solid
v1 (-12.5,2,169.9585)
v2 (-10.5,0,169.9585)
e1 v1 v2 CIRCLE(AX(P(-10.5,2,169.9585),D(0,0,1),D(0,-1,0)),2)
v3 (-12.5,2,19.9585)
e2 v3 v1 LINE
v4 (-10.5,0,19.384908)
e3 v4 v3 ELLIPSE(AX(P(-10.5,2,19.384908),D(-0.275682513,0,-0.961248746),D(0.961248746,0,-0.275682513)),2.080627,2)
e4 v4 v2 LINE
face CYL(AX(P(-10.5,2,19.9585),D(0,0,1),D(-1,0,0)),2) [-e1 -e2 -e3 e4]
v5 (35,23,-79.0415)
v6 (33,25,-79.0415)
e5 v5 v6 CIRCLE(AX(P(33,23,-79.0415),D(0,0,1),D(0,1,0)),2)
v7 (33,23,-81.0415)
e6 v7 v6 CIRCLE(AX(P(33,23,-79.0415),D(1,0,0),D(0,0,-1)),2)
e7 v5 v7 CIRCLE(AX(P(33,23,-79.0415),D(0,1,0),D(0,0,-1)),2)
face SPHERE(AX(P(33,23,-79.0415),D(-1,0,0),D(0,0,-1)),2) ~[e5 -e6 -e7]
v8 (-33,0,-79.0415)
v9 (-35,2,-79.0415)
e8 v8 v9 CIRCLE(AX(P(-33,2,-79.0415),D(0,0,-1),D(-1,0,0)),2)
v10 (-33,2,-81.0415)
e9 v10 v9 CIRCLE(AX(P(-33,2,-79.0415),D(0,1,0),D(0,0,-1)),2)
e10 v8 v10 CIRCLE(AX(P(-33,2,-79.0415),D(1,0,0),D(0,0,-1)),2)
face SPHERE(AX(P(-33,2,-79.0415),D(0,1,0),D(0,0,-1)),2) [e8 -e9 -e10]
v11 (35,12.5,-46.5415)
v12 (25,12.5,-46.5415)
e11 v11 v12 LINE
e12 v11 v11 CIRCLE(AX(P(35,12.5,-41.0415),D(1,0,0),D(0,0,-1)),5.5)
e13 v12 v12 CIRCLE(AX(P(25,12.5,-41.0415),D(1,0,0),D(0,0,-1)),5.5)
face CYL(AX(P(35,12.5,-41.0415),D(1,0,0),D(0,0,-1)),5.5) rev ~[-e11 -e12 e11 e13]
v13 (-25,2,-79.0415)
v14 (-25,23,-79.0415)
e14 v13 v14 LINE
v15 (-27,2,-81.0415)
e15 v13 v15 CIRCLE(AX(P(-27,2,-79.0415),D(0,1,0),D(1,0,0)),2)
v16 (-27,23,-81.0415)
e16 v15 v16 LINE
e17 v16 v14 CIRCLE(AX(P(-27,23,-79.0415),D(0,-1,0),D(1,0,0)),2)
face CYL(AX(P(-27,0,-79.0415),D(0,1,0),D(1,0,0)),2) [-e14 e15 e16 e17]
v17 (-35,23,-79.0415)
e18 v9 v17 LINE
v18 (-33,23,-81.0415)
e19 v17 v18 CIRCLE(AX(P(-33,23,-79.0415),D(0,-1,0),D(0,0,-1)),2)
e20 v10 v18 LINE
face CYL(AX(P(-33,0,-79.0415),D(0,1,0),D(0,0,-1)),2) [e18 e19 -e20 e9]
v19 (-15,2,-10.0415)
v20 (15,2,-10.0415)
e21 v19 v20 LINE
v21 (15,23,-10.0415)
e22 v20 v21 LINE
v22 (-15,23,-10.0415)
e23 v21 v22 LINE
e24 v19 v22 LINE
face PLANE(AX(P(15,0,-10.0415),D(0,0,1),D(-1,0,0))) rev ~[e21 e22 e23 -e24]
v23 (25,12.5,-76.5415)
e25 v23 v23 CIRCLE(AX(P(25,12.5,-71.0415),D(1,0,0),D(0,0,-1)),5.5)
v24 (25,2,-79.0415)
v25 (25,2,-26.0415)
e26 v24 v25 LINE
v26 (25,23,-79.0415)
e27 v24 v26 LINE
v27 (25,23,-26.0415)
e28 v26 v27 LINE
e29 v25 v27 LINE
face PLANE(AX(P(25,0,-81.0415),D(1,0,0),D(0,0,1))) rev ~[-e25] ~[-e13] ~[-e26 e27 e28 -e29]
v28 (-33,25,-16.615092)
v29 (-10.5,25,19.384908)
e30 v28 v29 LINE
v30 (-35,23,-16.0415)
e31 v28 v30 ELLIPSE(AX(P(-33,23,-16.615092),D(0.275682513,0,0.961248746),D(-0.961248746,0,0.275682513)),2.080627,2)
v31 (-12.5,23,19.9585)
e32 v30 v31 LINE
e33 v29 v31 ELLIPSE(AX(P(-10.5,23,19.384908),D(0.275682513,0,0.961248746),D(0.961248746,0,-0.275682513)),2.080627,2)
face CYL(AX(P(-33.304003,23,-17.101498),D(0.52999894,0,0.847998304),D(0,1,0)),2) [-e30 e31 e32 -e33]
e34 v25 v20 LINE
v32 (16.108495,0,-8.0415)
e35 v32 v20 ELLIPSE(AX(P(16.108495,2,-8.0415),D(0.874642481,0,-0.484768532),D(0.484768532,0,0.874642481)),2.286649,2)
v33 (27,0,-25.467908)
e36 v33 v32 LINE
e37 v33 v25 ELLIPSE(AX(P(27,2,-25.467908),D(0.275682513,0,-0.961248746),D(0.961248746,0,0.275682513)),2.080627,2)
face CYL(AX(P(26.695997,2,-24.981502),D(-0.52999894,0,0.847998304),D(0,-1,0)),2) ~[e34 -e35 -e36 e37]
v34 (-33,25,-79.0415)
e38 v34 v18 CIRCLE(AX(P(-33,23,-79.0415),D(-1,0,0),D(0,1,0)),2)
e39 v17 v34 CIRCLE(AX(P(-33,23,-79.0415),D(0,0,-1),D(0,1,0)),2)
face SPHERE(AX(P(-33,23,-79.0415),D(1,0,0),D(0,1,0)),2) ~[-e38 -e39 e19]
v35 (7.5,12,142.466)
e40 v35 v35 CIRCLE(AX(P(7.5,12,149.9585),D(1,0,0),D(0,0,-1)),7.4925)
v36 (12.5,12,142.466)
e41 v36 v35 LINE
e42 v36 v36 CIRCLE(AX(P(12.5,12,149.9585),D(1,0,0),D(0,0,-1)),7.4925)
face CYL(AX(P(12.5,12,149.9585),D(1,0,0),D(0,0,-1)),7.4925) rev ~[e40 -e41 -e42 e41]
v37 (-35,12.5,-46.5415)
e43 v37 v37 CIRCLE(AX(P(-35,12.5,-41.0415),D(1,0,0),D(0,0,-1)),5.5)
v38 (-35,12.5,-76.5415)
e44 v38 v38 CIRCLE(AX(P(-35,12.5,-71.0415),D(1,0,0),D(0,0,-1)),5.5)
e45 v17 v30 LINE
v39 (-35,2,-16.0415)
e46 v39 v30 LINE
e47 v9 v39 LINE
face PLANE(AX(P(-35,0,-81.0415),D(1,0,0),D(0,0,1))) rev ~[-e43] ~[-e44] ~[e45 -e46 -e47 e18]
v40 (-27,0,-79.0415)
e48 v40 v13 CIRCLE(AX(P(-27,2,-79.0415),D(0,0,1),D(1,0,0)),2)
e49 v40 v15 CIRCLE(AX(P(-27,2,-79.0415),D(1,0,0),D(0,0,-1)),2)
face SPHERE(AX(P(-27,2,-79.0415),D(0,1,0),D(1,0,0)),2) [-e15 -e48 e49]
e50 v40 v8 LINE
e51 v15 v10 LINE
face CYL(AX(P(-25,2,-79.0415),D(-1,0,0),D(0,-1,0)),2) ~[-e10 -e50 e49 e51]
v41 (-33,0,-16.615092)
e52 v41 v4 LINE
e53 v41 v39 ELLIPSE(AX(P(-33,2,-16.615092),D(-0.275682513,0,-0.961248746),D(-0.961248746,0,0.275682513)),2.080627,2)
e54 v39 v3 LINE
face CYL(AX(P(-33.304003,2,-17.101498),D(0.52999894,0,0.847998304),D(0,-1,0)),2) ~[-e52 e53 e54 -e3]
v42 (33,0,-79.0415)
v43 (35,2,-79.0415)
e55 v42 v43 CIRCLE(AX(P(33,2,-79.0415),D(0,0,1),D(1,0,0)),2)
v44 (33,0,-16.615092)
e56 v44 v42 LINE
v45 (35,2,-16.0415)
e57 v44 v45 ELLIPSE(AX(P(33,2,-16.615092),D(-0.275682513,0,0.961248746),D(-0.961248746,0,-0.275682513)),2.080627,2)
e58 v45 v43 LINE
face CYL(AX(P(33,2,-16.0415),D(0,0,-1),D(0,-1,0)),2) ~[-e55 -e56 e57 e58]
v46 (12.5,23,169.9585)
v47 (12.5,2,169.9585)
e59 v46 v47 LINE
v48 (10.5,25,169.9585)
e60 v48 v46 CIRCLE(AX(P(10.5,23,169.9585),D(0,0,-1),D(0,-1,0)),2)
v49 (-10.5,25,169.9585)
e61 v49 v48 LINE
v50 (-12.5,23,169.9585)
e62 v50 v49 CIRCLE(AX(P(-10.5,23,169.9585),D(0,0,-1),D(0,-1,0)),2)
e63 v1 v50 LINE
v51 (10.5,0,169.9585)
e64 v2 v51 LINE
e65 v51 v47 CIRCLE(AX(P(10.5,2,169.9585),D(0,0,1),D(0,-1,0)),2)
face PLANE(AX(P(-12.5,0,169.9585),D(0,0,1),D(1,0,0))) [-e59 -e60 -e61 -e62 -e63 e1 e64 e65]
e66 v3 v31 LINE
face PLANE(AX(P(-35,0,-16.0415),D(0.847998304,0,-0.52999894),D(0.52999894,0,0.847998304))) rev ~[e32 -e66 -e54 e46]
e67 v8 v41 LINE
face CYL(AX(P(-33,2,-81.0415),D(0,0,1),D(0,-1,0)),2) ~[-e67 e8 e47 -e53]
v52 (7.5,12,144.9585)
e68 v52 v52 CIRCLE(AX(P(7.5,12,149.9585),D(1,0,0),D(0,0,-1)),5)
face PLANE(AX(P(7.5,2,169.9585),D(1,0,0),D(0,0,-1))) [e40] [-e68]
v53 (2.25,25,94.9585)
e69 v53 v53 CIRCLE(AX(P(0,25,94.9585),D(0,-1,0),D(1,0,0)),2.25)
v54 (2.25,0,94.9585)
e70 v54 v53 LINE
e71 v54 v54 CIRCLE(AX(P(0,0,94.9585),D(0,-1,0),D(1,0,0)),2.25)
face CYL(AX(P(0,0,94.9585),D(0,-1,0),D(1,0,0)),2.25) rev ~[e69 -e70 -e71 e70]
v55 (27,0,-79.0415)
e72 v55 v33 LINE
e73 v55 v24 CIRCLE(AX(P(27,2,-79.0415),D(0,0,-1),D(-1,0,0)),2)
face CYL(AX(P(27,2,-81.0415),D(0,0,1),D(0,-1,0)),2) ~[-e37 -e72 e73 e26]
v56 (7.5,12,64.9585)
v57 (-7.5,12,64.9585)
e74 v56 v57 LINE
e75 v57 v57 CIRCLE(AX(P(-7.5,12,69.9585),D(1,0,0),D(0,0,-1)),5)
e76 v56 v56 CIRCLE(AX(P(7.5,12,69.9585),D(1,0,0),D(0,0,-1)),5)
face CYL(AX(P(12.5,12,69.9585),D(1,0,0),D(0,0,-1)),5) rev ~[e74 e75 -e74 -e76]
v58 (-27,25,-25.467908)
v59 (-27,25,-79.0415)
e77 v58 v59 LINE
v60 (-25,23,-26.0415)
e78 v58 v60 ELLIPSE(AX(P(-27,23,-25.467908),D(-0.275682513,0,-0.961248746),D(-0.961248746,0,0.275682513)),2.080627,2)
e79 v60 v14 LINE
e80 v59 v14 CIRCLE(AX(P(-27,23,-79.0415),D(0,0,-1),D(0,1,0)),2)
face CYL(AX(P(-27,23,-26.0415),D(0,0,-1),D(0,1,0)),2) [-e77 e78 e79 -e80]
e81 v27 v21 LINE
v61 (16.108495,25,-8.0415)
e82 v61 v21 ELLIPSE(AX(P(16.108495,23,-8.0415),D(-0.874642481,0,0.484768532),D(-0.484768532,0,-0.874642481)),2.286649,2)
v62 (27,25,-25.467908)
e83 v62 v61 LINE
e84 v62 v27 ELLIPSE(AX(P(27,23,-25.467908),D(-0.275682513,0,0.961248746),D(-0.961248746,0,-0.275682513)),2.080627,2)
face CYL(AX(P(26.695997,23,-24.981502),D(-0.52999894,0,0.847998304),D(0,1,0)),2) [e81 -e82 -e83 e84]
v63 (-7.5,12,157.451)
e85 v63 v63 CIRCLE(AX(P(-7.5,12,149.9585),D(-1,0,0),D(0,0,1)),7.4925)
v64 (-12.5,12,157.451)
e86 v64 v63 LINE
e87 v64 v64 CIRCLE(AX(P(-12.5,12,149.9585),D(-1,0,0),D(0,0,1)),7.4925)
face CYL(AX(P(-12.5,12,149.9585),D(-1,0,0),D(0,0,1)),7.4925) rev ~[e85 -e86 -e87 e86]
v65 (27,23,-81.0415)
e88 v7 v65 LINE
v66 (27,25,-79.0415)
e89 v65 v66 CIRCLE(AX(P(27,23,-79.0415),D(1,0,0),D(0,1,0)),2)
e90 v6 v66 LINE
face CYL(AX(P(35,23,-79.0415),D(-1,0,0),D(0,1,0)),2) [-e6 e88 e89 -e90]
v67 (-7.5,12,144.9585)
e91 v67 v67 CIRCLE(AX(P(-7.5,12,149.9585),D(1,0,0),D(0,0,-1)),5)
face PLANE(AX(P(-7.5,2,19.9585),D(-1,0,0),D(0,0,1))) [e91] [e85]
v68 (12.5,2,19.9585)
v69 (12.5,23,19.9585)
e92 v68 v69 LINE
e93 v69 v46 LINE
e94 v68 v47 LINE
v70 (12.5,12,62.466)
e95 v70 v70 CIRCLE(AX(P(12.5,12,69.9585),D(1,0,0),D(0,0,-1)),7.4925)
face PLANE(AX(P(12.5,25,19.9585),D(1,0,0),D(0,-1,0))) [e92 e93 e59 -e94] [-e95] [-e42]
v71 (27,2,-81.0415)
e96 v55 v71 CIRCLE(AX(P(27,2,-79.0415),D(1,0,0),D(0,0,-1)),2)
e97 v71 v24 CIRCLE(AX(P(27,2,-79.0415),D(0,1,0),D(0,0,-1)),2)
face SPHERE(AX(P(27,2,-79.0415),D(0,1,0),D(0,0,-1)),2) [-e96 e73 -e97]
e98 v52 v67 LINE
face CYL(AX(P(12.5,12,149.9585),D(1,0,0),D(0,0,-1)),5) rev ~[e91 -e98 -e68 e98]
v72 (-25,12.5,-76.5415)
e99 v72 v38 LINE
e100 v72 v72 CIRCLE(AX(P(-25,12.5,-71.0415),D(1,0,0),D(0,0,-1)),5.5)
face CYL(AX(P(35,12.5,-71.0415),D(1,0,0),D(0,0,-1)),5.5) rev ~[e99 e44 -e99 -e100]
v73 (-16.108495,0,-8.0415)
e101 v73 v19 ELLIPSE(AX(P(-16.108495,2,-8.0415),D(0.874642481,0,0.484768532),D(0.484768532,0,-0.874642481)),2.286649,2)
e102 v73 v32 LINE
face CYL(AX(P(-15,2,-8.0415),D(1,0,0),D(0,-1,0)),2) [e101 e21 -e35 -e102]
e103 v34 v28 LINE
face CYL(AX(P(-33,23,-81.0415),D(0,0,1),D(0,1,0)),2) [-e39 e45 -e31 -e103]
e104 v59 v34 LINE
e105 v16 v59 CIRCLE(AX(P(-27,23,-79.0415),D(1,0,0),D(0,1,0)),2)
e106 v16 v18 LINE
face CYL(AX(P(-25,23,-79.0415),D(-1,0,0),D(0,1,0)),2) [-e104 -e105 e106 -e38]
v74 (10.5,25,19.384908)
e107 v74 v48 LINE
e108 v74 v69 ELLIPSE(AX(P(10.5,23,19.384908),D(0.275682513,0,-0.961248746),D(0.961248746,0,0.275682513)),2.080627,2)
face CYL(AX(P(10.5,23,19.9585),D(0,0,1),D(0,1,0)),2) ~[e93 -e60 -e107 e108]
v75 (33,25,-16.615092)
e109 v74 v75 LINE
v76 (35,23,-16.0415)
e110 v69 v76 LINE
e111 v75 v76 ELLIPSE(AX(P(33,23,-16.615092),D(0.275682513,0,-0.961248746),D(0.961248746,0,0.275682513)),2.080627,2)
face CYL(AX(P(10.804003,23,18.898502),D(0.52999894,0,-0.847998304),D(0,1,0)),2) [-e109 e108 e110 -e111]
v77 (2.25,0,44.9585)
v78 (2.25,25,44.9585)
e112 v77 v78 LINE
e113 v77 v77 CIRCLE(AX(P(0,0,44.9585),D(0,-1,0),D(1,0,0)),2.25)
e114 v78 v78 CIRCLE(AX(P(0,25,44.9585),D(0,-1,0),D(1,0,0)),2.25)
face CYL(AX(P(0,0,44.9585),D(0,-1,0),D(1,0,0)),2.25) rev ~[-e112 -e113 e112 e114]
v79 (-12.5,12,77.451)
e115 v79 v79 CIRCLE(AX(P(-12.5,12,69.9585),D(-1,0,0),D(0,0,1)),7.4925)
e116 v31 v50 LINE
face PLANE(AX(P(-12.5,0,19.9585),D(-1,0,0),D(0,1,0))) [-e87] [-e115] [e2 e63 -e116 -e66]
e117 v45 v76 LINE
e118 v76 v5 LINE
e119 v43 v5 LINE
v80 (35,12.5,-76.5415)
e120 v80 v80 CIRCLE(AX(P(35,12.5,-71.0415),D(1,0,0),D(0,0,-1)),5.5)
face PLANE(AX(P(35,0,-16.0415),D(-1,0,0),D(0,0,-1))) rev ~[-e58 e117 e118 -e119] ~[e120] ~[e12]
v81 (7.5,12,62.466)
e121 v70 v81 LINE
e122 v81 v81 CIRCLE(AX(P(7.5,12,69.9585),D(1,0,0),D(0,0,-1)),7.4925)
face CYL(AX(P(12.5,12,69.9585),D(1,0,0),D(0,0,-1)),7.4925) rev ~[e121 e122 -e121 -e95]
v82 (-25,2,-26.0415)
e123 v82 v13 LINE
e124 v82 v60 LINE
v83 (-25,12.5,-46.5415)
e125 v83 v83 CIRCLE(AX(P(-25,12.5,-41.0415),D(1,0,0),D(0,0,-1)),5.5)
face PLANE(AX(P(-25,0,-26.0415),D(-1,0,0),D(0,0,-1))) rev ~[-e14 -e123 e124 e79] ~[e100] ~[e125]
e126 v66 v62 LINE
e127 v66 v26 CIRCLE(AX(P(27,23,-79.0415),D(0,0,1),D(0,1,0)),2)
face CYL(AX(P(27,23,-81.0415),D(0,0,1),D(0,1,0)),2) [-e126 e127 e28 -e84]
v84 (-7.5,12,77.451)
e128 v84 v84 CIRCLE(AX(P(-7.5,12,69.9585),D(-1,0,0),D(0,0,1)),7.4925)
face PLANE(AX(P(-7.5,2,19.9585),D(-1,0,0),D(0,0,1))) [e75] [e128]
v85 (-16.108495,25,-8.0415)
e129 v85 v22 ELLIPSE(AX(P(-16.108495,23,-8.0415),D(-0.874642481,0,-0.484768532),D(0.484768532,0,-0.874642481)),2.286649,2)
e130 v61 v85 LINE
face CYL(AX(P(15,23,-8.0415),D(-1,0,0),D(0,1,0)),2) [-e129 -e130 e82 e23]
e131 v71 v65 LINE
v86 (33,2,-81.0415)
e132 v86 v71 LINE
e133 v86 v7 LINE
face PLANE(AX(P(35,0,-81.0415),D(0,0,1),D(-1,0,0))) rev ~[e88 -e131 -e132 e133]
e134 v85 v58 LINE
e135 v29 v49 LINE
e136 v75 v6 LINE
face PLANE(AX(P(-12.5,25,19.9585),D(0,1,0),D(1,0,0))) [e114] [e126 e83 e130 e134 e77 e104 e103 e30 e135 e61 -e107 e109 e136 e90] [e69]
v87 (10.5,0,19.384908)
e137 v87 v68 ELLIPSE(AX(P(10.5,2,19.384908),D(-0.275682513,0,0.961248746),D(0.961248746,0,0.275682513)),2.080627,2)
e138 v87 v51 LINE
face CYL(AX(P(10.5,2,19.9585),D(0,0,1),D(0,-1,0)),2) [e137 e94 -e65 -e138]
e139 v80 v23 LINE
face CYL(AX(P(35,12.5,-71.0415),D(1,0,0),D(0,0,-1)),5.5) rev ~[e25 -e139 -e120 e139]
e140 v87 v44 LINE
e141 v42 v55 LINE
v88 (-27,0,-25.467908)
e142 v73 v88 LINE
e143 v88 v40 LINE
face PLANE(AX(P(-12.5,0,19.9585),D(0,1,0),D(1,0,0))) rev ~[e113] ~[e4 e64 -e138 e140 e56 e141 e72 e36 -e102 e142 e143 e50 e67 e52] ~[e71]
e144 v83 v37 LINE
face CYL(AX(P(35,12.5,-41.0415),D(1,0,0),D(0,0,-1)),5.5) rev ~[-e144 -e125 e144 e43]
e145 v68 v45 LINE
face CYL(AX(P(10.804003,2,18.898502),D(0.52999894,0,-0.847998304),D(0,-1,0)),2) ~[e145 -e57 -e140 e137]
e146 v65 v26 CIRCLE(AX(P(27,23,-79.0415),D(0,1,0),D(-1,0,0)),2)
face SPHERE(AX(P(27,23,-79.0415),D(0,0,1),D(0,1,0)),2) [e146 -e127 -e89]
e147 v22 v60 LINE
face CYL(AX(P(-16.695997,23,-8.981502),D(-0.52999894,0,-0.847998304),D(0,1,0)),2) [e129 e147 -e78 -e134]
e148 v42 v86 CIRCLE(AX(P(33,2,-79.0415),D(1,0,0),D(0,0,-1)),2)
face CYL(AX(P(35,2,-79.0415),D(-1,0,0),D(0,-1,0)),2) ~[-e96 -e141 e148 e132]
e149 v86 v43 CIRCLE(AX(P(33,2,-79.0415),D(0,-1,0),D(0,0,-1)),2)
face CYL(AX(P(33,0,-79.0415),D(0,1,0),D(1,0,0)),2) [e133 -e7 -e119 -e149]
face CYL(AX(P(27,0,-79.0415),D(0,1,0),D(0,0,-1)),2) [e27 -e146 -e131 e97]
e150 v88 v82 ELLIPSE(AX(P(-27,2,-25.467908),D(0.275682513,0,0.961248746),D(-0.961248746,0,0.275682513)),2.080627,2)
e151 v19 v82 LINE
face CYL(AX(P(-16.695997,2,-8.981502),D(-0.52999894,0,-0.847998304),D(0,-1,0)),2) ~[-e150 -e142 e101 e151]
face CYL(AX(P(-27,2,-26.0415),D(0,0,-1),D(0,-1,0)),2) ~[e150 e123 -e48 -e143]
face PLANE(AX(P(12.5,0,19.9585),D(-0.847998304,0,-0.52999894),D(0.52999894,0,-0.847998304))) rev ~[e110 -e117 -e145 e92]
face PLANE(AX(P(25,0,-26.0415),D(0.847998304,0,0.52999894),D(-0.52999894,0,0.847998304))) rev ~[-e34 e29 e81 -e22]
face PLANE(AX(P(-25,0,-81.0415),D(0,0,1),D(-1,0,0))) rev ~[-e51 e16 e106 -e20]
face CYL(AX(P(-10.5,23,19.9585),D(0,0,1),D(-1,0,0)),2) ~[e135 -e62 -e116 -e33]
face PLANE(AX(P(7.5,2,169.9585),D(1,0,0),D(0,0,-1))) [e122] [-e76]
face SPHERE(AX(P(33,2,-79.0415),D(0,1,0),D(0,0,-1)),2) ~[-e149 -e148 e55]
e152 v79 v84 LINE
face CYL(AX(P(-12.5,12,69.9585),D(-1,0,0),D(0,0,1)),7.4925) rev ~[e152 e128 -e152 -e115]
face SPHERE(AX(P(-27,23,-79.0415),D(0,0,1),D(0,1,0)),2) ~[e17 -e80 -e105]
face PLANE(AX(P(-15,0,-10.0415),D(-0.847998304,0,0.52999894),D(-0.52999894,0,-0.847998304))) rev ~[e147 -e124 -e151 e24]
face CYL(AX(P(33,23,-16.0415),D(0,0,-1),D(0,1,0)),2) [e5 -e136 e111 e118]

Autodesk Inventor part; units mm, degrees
ref_plane "YZ Plane" through (0, 0, 0) normal (1, 0, 0) x (0, 1, 0)
ref_plane "XZ Plane" through (0, 0, 0) normal (0, 1, 0) x (-1, 0, 0)
ref_plane "XY Plane" through (0, 0, 0) normal (0, 0, 1) x (1, 0, 0)
sketch "Skizze1" plane through (0, 0, 0) normal (0, 1, 0) x (-1, 0, 0)
  line L0 (-12.5, 19.9585) -> (-35, -16.0415)
  line L1 (-35, -16.0415) -> (-35, -81.0415)
  line L2 (-35, -81.0415) -> (-25, -81.0415)
  line L3 (-25, -81.0415) -> (-25, -26.0415)
  line L4 (-25, -26.0415) -> (-15, -10.0415)
  line L5 (-15, -10.0415) -> (15, -10.0415)
  line L6 (15, -10.0415) -> (25, -26.0415)
  line L7 (25, -26.0415) -> (25, -81.0415)
  line L8 (25, -81.0415) -> (35, -81.0415)
  line L9 (35, -81.0415) -> (35, -16.0415)
  line L10 (35, -16.0415) -> (12.5, 19.9585)
  line L11 (0, -101.2415) -> (0, 40.1585) projected
  line L12 (12.5, 19.9585) -> (-12.5, 19.9585)
  point P0 (0, 0)
  dimension "d0" = 10
  dimension "d1" = 10
  dimension "d4" = 30
  dimension "d5" = 15
  dimension "d6" = 70
  dimension "d7" = 55
  dimension "d8" = 55
  dimension "d9" = 65
  dimension "d10" = 65
  dimension "d11" = 10
  dimension "d13" = 25
  dimension "d14" = 30
  dimension "d15" = 30
  dimension "d16" = 50
extrude "Extrusion1" add sketch "Skizze1" along normal blind 25
sketch "Skizze2" plane through (-12.5, 0, 19.9585) normal (0, 0, 1) x (1, 0, 0)
  line L0 (-22.5, 25) -> (0, 25) projected
  line L1 (0, 0) -> (25, 0) projected
  line L2 (0, 25) -> (25, 25)
  line L3 (25, 25) -> (25, 0)
  line L4 (25, 0) -> (0, 0)
  line L5 (0, 0) -> (0, 25)
  point P0 (12.5, 0)
extrude "Extrusion2" add sketch "Skizze2" along normal blind 150
sketch "Skizze3" plane through (35, 0, -16.0415) normal (1, 0, 0) x (0, 0, -1)
  circle A0 centre (55, 12.5) radius 5.5
  circle A1 centre (25, 12.5) radius 5.5
  line L0 (-236.2, 0) -> (115.2, 0) projected
  line L1 (65, 0) -> (65, 25) projected
  point P0 (-16.0415, 0)
  dimension "d21" = 12.5
  dimension "d22" = 12.5
  dimension "d23" = 30
  dimension "d24" = 11
  dimension "d25" = 11
  dimension "d26" = 10
extrude "Extrusion3" cut sketch "Skizze3" against normal blind 300
fillet "Rundung1" radius 2 30 edges at (-20, 25, -18.0415) (0, 25, -10.0415) (-25, 25, -53.5415) (20, 25, -18.0415) (25, 25, -53.5415) (30, 25, -81.0415) (-30, 25, -81.0415) (-35, 25, -48.5415) (-23.75, 25, 1.9585) (23.75, 25, 1.9585) (12.5, 25, 94.9585) (-12.5, 25, 94.9585) (-25, 12.5, -81.0415) (-35, 12.5, -81.0415) (25, 12.5, -81.0415) (35, 12.5, -81.0415) (35, 25, -48.5415) (30, 0, -81.0415) (35, 0, -48.5415) (25, 0, -53.5415) (20, 0, -18.0415) (0, 0, -10.0415) (-20, 0, -18.0415) (-25, 0, -53.5415) (-30, 0, -81.0415) (-35, 0, -48.5415) (23.75, 0, 1.9585) (-23.75, 0, 1.9585) (-12.5, 0, 94.9585) (12.5, 0, 94.9585)
sketch "Skizze4" plane through (12.5, 2, 169.9585) normal (1, 0, 0) x (0, 0, -1)
  circle A0 centre (20, 10) radius 5
  circle A1 centre (100, 10) radius 5
  line L0 (0, 0) -> (0, 21) projected
  line L1 (0, -2) -> (150.5736, -2) projected
  point P0 (169.9585, -2)
  dimension "d31" = 10
  dimension "d32" = 10
  dimension "d33" = 20
  dimension "d34" = 80
  dimension "d35" = 12
  dimension "d36" = 12
extrude "Extrusion4" cut sketch "Skizze4" against normal blind 29
sketch "Skizze5" plane through (0, 0, 0) normal (0, -1, 0) x (1, 0, 0)
  circle A0 centre (0, 44.9585) radius 2.25
  circle A1 centre (0, 94.9585) radius 2.25
  line L0 (12.5, 19.9585) -> (12.5, 169.9585) projected
  line L1 (-10.5, 169.9585) -> (10.5, 169.9585) projected
  point P0 (0, 0)
  dimension "d39" = 4.5
  dimension "d40" = 4.5
  dimension "d41" = 50
  dimension "d42" = 12.5
  dimension "d43" = 12.5
  dimension "d44" = 75
extrude "Extrusion5" cut sketch "Skizze5" against normal blind 30
sketch "Skizze6" plane through (12.5, 2, 169.9585) normal (1, 0, 0) x (0, 0, -1)
  circle A0 centre (100, 10) radius 5 projected
  circle A1 centre (100, 10) radius 7.4925
  circle A2 centre (20, 10) radius 5 projected
  circle A3 centre (20, 10) radius 7.4925
  point P0 (169.9585, -2)
  dimension "d47" = 14.985
  dimension "d48" = 14.985
extrude "Extrusion6" cut sketch "Skizze6" against normal blind 5
sketch "Skizze7" plane through (-12.5, 2, 19.9585) normal (-1, 0, 0) x (0, 0, 1)
  circle A0 centre (130, 10) radius 5 projected
  circle A1 centre (130, 10) radius 7.4925
  circle A2 centre (50, 10) radius 5 projected
  circle A3 centre (50, 10) radius 7.4925
  point P0 (-19.9585, -2)
  dimension "d51" = 14.985
  dimension "d52" = 14.985
extrude "Extrusion7" cut sketch "Skizze7" against normal blind 5
properties part number "basisachse"
